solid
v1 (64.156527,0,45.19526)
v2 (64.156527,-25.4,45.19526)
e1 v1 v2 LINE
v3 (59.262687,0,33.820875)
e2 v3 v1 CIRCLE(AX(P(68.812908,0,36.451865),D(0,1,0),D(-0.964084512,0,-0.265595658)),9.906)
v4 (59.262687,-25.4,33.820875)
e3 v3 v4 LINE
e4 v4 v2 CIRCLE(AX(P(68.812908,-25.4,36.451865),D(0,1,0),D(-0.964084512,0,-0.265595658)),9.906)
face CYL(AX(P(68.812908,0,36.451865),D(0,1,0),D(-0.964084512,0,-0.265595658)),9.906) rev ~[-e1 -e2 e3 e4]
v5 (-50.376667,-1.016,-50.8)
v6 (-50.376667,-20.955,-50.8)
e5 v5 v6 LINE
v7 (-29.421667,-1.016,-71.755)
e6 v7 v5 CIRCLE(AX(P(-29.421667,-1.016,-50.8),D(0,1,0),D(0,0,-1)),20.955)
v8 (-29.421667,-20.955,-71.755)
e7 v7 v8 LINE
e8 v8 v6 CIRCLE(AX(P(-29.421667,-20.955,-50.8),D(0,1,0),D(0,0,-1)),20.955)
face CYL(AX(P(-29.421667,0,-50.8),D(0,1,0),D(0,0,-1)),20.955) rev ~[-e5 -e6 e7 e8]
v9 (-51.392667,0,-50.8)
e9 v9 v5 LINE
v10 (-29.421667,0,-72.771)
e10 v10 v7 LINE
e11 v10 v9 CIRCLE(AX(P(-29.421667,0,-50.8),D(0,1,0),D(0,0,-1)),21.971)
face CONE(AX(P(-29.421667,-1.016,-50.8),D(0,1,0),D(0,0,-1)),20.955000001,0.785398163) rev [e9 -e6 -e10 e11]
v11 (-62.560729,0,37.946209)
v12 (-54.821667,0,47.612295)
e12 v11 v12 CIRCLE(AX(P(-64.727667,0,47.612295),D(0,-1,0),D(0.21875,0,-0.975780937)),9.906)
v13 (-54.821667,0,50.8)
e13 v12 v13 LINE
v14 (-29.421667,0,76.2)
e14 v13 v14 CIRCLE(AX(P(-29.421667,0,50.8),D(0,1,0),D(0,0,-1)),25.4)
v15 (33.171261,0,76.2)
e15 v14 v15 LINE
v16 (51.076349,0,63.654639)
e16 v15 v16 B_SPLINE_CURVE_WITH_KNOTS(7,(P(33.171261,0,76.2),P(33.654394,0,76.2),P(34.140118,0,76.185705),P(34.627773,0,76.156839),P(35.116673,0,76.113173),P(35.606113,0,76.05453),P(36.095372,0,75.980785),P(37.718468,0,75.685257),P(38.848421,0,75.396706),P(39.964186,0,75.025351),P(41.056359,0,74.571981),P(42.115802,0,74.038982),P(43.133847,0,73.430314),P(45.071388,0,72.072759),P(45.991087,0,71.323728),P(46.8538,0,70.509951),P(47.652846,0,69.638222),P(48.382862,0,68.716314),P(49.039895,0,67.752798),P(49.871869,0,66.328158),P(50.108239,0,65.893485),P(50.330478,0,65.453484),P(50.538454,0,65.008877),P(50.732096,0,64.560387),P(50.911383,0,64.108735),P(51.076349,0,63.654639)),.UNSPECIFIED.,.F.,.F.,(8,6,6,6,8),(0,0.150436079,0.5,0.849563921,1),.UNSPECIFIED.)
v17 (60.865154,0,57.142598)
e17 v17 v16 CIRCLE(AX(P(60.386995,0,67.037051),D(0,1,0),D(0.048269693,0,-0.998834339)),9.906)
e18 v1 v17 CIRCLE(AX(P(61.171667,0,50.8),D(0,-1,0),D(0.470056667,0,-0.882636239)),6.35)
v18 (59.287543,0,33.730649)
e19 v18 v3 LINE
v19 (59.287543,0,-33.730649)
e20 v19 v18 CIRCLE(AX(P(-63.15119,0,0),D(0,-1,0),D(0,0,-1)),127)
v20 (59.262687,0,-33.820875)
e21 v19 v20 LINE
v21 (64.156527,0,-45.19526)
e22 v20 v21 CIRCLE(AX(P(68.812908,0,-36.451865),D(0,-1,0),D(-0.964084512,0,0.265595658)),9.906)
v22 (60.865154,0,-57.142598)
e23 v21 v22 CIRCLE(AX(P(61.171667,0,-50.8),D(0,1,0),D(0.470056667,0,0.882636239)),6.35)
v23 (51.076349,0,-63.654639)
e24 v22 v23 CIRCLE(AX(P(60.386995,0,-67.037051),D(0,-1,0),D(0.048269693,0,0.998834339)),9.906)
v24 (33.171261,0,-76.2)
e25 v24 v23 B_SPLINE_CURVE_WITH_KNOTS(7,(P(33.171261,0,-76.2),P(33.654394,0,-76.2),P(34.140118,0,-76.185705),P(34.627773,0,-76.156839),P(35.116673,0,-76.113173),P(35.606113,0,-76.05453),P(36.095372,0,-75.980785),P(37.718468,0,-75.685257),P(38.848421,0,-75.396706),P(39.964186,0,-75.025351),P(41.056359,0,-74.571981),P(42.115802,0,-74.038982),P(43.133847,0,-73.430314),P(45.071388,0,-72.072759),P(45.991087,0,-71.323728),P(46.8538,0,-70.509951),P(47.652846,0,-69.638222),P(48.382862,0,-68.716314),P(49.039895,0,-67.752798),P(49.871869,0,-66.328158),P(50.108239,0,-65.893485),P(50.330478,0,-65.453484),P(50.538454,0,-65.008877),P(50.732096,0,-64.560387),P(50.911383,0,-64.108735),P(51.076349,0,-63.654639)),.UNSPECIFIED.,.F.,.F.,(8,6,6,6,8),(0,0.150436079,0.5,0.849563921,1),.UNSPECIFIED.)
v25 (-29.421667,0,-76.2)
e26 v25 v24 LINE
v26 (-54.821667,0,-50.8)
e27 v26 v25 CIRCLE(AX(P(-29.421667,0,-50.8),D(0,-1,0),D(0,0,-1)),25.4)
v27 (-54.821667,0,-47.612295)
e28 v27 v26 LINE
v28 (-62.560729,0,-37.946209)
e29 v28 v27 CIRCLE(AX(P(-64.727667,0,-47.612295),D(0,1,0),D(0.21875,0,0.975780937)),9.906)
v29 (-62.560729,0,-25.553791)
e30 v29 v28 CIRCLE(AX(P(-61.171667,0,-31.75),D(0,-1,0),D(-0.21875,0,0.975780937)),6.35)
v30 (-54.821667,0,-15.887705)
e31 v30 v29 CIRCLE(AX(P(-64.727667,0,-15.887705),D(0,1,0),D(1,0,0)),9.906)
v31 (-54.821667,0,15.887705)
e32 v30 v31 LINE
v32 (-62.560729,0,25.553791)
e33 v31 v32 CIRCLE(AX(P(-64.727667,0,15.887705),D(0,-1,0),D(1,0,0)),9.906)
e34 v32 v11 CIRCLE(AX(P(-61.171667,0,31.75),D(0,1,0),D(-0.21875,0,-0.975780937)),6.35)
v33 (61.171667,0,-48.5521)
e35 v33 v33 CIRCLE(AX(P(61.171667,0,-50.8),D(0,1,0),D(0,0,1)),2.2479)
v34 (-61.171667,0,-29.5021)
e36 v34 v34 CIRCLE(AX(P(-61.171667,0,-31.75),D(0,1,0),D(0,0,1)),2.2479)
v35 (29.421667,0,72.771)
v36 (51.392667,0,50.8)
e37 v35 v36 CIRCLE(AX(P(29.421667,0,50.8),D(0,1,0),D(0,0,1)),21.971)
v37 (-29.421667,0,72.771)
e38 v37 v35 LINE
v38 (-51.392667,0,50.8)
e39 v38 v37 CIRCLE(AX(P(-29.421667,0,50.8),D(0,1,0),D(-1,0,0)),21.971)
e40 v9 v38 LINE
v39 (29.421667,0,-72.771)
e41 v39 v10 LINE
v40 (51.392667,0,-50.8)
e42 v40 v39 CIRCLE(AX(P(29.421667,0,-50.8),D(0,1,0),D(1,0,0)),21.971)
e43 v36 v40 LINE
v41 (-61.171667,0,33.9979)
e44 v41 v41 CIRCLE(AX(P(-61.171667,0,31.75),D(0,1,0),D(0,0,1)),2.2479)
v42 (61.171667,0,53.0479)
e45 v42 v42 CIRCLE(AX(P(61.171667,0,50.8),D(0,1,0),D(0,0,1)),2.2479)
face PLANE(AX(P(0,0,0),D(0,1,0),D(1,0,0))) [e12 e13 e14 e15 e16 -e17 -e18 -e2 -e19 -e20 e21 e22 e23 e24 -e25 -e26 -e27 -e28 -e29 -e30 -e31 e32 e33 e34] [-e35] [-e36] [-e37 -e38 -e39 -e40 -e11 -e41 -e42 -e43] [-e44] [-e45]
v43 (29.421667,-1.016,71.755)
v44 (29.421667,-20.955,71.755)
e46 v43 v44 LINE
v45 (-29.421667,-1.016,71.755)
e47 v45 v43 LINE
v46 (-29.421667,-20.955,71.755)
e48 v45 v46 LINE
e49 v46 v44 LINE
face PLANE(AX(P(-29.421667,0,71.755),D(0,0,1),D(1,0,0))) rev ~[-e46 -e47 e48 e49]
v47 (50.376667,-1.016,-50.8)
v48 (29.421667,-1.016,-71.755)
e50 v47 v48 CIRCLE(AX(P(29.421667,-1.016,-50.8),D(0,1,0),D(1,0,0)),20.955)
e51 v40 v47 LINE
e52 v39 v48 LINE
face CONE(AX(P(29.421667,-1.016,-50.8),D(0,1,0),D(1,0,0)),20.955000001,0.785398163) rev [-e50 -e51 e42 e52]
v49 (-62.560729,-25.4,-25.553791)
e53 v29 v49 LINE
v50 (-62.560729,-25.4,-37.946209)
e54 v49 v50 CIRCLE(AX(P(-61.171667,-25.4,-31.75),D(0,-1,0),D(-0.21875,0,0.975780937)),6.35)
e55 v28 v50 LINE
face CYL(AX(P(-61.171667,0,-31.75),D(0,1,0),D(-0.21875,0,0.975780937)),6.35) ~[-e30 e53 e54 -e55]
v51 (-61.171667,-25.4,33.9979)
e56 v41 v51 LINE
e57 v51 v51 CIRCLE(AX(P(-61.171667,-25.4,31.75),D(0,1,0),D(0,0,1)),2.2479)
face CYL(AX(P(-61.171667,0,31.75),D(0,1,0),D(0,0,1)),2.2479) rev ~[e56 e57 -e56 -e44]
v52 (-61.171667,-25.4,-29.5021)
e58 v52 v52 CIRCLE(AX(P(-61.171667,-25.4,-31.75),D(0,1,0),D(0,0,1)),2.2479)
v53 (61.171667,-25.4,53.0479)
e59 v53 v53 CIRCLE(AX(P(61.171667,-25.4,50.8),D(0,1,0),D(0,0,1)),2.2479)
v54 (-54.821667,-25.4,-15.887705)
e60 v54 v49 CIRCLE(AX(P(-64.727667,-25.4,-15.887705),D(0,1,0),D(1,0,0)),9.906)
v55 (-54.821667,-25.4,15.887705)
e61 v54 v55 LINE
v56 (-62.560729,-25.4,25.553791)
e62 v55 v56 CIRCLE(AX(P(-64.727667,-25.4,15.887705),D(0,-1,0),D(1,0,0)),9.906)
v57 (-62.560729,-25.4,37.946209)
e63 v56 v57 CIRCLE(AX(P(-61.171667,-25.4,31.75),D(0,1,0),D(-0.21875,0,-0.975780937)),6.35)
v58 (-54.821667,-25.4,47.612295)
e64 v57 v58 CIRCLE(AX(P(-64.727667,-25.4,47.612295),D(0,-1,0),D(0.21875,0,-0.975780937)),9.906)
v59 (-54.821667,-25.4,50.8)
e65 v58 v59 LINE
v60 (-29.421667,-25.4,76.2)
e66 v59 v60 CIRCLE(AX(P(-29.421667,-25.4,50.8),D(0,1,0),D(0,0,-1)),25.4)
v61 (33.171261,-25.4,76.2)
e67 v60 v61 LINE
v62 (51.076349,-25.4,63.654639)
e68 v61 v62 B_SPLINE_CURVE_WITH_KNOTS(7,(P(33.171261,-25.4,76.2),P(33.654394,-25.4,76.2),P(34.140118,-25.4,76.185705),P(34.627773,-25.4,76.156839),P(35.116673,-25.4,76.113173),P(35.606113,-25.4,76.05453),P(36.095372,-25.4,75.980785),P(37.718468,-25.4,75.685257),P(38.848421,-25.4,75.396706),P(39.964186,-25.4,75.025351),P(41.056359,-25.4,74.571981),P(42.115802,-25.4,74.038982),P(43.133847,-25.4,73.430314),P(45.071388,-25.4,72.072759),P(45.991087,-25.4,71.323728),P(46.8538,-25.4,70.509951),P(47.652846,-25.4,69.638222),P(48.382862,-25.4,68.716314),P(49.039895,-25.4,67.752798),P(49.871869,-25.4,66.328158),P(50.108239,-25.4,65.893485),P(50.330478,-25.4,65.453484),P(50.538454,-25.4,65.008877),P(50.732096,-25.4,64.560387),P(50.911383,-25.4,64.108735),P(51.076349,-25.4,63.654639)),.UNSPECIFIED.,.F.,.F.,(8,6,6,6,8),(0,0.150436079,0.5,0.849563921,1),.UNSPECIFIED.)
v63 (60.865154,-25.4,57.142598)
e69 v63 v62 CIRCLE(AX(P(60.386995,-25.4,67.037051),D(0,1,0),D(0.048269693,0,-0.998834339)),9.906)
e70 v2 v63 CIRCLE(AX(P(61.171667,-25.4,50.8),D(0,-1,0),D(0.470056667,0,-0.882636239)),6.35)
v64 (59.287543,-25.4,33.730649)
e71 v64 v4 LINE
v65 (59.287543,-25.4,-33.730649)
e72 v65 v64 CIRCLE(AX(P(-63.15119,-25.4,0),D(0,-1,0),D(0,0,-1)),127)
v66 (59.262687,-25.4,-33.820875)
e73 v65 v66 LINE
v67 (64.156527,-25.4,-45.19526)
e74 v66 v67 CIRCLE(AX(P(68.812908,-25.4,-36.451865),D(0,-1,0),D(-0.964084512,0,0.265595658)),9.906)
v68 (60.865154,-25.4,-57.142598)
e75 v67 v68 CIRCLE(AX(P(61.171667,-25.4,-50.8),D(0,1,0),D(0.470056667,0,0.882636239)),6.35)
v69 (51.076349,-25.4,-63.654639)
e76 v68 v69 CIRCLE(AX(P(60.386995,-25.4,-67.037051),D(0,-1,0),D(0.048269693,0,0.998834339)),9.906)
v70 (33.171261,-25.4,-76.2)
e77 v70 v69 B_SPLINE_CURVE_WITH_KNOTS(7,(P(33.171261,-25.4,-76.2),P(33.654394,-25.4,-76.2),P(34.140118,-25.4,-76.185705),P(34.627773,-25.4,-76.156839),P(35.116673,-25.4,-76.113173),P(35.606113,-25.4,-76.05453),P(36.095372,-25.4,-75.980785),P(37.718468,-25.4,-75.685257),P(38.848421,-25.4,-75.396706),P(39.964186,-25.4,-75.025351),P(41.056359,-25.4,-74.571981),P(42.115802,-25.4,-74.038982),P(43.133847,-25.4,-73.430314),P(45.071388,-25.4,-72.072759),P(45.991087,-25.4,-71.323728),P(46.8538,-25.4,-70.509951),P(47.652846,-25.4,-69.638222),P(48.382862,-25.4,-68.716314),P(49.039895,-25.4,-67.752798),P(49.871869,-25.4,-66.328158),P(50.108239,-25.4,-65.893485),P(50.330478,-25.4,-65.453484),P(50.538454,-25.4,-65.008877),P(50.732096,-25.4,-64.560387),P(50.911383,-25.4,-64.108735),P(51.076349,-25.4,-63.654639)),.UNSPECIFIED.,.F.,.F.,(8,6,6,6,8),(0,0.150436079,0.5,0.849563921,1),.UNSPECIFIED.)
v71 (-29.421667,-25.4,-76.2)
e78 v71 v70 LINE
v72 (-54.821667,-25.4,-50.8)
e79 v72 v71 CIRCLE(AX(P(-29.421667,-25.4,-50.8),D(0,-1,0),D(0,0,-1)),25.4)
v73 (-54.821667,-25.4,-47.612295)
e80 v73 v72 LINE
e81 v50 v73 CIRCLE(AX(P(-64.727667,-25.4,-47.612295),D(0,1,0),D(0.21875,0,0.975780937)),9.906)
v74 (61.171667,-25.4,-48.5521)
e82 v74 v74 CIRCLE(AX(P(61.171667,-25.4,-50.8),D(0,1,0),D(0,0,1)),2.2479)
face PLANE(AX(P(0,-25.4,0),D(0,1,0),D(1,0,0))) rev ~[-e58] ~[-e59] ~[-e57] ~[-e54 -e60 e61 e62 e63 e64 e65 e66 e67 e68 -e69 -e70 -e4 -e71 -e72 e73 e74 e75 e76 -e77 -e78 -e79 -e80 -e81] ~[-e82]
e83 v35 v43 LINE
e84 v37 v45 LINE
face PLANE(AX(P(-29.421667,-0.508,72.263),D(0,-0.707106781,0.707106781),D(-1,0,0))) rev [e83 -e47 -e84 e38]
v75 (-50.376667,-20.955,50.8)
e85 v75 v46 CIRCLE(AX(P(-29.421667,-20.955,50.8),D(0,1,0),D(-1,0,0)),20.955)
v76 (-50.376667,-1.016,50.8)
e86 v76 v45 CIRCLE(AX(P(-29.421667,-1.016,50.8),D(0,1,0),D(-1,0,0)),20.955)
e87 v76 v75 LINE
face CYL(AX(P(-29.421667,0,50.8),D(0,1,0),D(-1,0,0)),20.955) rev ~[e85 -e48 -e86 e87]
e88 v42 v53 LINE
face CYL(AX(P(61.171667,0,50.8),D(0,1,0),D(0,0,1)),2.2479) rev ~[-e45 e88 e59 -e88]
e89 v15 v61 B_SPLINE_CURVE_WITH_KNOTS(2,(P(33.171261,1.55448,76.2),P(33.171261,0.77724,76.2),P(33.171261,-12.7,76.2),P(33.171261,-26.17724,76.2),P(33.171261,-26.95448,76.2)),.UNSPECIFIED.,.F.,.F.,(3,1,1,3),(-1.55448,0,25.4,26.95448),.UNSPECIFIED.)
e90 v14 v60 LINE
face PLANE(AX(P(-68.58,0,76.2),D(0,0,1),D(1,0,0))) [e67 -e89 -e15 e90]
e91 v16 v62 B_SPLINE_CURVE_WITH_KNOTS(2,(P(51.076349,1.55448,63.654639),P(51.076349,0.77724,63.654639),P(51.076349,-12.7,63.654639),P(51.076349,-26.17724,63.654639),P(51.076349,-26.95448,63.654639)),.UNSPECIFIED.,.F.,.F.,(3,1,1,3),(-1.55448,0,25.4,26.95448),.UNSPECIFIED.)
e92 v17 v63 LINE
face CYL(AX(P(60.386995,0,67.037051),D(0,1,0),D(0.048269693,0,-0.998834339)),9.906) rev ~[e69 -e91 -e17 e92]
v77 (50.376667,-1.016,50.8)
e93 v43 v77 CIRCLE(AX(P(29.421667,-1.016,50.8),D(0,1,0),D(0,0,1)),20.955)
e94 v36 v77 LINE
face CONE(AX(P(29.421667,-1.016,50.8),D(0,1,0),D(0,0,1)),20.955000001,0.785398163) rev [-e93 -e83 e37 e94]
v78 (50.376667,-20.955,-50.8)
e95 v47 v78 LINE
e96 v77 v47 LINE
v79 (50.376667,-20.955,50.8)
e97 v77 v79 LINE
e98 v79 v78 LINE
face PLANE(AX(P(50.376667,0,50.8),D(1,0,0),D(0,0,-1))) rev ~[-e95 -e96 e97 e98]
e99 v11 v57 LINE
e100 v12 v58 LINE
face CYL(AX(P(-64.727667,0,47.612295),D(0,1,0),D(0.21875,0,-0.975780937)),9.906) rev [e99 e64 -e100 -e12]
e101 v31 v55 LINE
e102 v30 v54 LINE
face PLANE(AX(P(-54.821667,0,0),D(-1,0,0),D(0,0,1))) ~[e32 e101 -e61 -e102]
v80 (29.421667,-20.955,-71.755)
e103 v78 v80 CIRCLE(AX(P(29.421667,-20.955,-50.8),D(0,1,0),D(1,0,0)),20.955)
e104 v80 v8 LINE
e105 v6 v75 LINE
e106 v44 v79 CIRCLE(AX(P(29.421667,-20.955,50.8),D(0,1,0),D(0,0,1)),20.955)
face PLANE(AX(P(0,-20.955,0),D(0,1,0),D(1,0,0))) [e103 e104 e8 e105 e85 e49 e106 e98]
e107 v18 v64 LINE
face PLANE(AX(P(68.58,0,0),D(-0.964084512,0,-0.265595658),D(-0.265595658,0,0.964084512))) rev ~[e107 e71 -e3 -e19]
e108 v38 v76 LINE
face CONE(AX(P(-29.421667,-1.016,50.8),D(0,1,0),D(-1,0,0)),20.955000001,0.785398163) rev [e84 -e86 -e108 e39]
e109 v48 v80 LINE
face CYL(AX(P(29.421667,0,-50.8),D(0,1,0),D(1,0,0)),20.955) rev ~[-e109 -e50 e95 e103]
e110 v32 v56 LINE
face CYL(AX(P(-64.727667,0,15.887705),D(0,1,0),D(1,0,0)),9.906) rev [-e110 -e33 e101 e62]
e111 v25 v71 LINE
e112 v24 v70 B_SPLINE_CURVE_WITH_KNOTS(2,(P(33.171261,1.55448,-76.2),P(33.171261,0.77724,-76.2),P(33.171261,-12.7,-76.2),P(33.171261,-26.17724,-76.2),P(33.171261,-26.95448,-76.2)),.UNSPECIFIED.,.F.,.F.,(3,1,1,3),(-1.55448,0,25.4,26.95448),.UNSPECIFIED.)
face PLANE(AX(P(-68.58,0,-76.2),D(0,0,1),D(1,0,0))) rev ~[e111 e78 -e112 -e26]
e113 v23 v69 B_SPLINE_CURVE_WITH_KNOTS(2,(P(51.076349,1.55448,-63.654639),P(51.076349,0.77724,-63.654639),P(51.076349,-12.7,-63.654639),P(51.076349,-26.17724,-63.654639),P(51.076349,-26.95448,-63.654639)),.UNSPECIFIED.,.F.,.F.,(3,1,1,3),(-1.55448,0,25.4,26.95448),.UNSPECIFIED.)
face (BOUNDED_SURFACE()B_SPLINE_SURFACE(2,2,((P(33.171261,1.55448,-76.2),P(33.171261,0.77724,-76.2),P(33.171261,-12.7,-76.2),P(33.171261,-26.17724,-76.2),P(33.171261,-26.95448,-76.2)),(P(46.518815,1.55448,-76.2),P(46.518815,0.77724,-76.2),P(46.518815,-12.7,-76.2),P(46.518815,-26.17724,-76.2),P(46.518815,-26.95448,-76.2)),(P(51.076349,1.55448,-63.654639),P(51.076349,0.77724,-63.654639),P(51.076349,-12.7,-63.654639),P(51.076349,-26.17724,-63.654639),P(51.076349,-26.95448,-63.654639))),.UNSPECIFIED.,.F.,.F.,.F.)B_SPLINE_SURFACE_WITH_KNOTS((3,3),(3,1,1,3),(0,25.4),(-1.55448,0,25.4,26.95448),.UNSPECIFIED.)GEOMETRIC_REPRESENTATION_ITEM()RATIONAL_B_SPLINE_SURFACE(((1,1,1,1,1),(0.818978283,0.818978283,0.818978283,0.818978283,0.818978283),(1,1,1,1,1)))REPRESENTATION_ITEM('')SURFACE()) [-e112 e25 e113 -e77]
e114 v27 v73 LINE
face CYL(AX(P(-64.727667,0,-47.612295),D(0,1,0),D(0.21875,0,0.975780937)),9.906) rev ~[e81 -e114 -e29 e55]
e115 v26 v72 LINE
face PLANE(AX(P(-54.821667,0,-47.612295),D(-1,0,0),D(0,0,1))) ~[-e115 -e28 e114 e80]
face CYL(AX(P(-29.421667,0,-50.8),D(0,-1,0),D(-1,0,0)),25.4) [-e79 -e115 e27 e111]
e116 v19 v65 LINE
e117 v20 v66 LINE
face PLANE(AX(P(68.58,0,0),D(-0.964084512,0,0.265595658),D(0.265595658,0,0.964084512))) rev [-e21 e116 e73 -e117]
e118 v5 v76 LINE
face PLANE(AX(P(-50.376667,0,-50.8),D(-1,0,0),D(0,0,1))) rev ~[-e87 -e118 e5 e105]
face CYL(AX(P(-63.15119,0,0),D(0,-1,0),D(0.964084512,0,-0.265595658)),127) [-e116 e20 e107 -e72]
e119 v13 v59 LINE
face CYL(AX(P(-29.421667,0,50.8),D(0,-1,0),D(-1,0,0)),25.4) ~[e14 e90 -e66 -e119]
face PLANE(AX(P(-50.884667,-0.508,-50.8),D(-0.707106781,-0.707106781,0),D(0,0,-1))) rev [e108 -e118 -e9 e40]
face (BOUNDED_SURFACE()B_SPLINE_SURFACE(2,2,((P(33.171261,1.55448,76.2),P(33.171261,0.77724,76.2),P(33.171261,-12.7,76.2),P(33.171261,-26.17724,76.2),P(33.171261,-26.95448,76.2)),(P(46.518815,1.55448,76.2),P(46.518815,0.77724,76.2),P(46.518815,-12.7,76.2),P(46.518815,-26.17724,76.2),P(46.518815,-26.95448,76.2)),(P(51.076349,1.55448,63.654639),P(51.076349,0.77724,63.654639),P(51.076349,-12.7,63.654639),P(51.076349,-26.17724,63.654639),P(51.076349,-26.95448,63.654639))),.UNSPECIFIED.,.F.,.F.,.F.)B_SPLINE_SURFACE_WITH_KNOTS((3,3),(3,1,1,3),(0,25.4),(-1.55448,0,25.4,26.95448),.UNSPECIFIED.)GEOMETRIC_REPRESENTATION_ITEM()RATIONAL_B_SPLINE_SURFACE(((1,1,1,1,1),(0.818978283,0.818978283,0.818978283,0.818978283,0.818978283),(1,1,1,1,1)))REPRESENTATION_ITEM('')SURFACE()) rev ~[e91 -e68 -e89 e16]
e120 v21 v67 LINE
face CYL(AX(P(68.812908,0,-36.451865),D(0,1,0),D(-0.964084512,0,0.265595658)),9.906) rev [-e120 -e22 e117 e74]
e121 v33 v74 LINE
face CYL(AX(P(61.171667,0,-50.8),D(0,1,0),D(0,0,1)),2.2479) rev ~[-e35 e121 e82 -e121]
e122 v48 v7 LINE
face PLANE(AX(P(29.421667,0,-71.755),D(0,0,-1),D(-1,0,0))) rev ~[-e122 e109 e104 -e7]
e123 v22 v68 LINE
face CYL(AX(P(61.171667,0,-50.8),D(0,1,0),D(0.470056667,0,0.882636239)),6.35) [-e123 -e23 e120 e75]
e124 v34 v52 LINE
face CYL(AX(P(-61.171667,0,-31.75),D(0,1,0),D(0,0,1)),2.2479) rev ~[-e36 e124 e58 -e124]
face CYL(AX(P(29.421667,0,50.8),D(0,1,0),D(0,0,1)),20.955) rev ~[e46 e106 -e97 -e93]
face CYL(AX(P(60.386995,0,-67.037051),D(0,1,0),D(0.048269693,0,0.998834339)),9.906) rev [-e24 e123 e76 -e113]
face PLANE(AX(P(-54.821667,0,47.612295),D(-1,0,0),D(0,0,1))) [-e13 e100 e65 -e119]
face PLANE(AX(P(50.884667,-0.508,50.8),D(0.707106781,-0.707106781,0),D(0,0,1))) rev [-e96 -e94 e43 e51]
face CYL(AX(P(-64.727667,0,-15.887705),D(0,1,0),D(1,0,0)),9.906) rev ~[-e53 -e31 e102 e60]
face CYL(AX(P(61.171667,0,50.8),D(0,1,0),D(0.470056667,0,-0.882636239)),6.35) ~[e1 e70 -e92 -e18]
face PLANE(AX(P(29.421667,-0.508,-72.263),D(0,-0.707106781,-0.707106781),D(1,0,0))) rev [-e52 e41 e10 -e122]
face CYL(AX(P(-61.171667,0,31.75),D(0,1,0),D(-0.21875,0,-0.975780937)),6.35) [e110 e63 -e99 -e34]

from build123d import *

# Parameters (mm, degrees)
SKETCH1_W           = 137.16
SKETCH1_H           = 152.4
BOSS_EXTRUDE2_DEPTH = 25.4
CUT_EXTRUDE1_DEPTH  = 25.4
SKETCH2_R           = 2.2479
CUT_EXTRUDE2_DEPTH  = 25.4
FILLET2_R           = 25.4
FILLET3_R           = 19.05
FILLET4_R           = 127
CUT_EXTRUDE3_DEPTH  = 20.955
CHAMFER1_SIZE       = 1.016


with BuildPart() as part:
    # Sketch1 → Boss-Extrude2 (new body)
    with BuildSketch(Plane(origin=(0, 0, 0), x_dir=(1, 0, 0), z_dir=(0, 1, 0))):
        Rectangle(SKETCH1_W, SKETCH1_H)
    extrude(amount=-BOSS_EXTRUDE2_DEPTH)

    # Sketch3 → Cut-Extrude1 (cut)
    with BuildSketch(Plane(origin=(0, 0, 0), x_dir=(1, 0, 0), z_dir=(0, 1, 0))):
        with BuildLine():
            Line((68.58, 0), (59.262686671, -33.820874717))
            ThreePointArc((59.262686671, -33.820874717), (59.713399713, -40.366937171), (64.156526503, -45.195259885))
            ThreePointArc((64.156526503, -45.195259885), (67.293603318, -52.486532428), (60.865154116, -57.142598053))
            ThreePointArc((60.865154116, -57.142598053), (54.576224637, -59.014346409), (50.836773359, -64.406060426))
            Line((50.836773359, -64.406060426), (47.587660753, -76.2))
            Line((47.587660753, -76.2), (68.58, -76.2))
            Line((68.58, -76.2), (68.58, 0))
        make_face()
        with BuildLine():
            Line((-54.821666667, -47.612294916), (-54.821666667, -76.2))
            Line((-54.821666667, -76.2), (-68.58, -76.2))
            Line((-68.58, -76.2), (-68.58, 0))
            Line((-68.58, 0), (-54.821666667, 0))
            Line((-54.821666667, 0), (-54.821666667, -15.887705084))
            ThreePointArc((-54.821666667, -15.887705084), (-56.994797895, -22.078955084), (-62.560729167, -25.553791048))
            ThreePointArc((-62.560729167, -25.553791048), (-67.521666667, -31.75), (-62.560729167, -37.946208952))
            ThreePointArc((-62.560729167, -37.946208952), (-56.994797895, -41.421044916), (-54.821666667, -47.612294916))
        make_face()
    cut_extrude1 = extrude(amount=-CUT_EXTRUDE1_DEPTH, mode=Mode.SUBTRACT)

    # Mirror1: Cut-Extrude1 across plane
    add(cut_extrude1.mirror(Plane(origin=(-54.821666667, -104.438713977, 0), x_dir=(1, 0, 0), z_dir=(0, 0, -1))), mode=Mode.SUBTRACT)

    # Sketch2 → Cut-Extrude2 (cut)
    with BuildSketch(Plane(origin=(0, 0, 0), x_dir=(1, 0, 0), z_dir=(0, 1, 0))):
        with Locations(Location((-61.171666667, 31.75, 0), (0, 0, 270))):
            Circle(SKETCH2_R)
        with Locations(Location((-61.171666667, -31.75, 0), (0, 0, 270))):
            Circle(SKETCH2_R)
        with Locations(Location((61.171666667, 50.8, 0), (0, 0, 270))):
            Circle(SKETCH2_R)
        with Locations(Location((61.171666667, -50.8, 0), (0, 0, 270))):
            Circle(SKETCH2_R)
    extrude(amount=-CUT_EXTRUDE2_DEPTH, mode=Mode.SUBTRACT)

    # Fillet2
    fillet2_edges = [part.edges().sort_by_distance(p)[0] for p in [
        (-54.821666667, -12.7, 76.2),
        (-54.821666667, -12.7, -76.2),
    ]]
    fillet(fillet2_edges, radius=FILLET2_R)

    # Fillet3
    fillet3_edges = [part.edges().sort_by_distance(p)[0] for p in [
        (47.587660753, -12.7, 76.2),
        (47.587660753, -12.7, -76.2),
    ]]
    fillet(fillet3_edges, radius=FILLET3_R)

    # Fillet4
    fillet4_edges = [part.edges().sort_by_distance(p)[0] for p in [
        (68.58, -12.7, 0),
    ]]
    fillet(fillet4_edges, radius=FILLET4_R)

    # Sketch4 → Cut-Extrude3 (cut)
    with BuildSketch(Plane(origin=(0, 0, 0), x_dir=(1, 0, 0), z_dir=(0, 1, 0))):
        with BuildLine():
            Line((-50.376666667, 50.8), (-50.376666667, -50.8))
            ThreePointArc((-50.376666667, -50.8), (-44.239089266, -65.6174226), (-29.421666667, -71.755))
            Line((-29.421666667, -71.755), (29.421666667, -71.755))
            ThreePointArc((29.421666667, -71.755), (44.239089266, -65.6174226), (50.376666667, -50.8))
            Line((50.376666667, -50.8), (50.376666667, 50.8))
            ThreePointArc((50.376666667, 50.8), (44.239089266, 65.6174226), (29.421666667, 71.755))
            Line((29.421666667, 71.755), (-29.421666667, 71.755))
            ThreePointArc((-29.421666667, 71.755), (-44.239089266, 65.6174226), (-50.376666667, 50.8))
        make_face()
    extrude(amount=-CUT_EXTRUDE3_DEPTH, mode=Mode.SUBTRACT)

    # Chamfer1
    chamfer1_edges = [part.edges().sort_by_distance(p)[0] for p in [
        (44.239089266, 0, 65.6174226),
        (50.376666667, 0, 0),
        (44.239089266, 0, -65.6174226),
        (0, 0, -71.755),
        (-44.239089266, 0, -65.6174226),
        (-50.376666667, 0, 0),
        (-44.239089266, 0, 65.6174226),
        (0, 0, 71.755),
    ]]
    chamfer(chamfer1_edges, length=CHAMFER1_SIZE)


solid = part.part
